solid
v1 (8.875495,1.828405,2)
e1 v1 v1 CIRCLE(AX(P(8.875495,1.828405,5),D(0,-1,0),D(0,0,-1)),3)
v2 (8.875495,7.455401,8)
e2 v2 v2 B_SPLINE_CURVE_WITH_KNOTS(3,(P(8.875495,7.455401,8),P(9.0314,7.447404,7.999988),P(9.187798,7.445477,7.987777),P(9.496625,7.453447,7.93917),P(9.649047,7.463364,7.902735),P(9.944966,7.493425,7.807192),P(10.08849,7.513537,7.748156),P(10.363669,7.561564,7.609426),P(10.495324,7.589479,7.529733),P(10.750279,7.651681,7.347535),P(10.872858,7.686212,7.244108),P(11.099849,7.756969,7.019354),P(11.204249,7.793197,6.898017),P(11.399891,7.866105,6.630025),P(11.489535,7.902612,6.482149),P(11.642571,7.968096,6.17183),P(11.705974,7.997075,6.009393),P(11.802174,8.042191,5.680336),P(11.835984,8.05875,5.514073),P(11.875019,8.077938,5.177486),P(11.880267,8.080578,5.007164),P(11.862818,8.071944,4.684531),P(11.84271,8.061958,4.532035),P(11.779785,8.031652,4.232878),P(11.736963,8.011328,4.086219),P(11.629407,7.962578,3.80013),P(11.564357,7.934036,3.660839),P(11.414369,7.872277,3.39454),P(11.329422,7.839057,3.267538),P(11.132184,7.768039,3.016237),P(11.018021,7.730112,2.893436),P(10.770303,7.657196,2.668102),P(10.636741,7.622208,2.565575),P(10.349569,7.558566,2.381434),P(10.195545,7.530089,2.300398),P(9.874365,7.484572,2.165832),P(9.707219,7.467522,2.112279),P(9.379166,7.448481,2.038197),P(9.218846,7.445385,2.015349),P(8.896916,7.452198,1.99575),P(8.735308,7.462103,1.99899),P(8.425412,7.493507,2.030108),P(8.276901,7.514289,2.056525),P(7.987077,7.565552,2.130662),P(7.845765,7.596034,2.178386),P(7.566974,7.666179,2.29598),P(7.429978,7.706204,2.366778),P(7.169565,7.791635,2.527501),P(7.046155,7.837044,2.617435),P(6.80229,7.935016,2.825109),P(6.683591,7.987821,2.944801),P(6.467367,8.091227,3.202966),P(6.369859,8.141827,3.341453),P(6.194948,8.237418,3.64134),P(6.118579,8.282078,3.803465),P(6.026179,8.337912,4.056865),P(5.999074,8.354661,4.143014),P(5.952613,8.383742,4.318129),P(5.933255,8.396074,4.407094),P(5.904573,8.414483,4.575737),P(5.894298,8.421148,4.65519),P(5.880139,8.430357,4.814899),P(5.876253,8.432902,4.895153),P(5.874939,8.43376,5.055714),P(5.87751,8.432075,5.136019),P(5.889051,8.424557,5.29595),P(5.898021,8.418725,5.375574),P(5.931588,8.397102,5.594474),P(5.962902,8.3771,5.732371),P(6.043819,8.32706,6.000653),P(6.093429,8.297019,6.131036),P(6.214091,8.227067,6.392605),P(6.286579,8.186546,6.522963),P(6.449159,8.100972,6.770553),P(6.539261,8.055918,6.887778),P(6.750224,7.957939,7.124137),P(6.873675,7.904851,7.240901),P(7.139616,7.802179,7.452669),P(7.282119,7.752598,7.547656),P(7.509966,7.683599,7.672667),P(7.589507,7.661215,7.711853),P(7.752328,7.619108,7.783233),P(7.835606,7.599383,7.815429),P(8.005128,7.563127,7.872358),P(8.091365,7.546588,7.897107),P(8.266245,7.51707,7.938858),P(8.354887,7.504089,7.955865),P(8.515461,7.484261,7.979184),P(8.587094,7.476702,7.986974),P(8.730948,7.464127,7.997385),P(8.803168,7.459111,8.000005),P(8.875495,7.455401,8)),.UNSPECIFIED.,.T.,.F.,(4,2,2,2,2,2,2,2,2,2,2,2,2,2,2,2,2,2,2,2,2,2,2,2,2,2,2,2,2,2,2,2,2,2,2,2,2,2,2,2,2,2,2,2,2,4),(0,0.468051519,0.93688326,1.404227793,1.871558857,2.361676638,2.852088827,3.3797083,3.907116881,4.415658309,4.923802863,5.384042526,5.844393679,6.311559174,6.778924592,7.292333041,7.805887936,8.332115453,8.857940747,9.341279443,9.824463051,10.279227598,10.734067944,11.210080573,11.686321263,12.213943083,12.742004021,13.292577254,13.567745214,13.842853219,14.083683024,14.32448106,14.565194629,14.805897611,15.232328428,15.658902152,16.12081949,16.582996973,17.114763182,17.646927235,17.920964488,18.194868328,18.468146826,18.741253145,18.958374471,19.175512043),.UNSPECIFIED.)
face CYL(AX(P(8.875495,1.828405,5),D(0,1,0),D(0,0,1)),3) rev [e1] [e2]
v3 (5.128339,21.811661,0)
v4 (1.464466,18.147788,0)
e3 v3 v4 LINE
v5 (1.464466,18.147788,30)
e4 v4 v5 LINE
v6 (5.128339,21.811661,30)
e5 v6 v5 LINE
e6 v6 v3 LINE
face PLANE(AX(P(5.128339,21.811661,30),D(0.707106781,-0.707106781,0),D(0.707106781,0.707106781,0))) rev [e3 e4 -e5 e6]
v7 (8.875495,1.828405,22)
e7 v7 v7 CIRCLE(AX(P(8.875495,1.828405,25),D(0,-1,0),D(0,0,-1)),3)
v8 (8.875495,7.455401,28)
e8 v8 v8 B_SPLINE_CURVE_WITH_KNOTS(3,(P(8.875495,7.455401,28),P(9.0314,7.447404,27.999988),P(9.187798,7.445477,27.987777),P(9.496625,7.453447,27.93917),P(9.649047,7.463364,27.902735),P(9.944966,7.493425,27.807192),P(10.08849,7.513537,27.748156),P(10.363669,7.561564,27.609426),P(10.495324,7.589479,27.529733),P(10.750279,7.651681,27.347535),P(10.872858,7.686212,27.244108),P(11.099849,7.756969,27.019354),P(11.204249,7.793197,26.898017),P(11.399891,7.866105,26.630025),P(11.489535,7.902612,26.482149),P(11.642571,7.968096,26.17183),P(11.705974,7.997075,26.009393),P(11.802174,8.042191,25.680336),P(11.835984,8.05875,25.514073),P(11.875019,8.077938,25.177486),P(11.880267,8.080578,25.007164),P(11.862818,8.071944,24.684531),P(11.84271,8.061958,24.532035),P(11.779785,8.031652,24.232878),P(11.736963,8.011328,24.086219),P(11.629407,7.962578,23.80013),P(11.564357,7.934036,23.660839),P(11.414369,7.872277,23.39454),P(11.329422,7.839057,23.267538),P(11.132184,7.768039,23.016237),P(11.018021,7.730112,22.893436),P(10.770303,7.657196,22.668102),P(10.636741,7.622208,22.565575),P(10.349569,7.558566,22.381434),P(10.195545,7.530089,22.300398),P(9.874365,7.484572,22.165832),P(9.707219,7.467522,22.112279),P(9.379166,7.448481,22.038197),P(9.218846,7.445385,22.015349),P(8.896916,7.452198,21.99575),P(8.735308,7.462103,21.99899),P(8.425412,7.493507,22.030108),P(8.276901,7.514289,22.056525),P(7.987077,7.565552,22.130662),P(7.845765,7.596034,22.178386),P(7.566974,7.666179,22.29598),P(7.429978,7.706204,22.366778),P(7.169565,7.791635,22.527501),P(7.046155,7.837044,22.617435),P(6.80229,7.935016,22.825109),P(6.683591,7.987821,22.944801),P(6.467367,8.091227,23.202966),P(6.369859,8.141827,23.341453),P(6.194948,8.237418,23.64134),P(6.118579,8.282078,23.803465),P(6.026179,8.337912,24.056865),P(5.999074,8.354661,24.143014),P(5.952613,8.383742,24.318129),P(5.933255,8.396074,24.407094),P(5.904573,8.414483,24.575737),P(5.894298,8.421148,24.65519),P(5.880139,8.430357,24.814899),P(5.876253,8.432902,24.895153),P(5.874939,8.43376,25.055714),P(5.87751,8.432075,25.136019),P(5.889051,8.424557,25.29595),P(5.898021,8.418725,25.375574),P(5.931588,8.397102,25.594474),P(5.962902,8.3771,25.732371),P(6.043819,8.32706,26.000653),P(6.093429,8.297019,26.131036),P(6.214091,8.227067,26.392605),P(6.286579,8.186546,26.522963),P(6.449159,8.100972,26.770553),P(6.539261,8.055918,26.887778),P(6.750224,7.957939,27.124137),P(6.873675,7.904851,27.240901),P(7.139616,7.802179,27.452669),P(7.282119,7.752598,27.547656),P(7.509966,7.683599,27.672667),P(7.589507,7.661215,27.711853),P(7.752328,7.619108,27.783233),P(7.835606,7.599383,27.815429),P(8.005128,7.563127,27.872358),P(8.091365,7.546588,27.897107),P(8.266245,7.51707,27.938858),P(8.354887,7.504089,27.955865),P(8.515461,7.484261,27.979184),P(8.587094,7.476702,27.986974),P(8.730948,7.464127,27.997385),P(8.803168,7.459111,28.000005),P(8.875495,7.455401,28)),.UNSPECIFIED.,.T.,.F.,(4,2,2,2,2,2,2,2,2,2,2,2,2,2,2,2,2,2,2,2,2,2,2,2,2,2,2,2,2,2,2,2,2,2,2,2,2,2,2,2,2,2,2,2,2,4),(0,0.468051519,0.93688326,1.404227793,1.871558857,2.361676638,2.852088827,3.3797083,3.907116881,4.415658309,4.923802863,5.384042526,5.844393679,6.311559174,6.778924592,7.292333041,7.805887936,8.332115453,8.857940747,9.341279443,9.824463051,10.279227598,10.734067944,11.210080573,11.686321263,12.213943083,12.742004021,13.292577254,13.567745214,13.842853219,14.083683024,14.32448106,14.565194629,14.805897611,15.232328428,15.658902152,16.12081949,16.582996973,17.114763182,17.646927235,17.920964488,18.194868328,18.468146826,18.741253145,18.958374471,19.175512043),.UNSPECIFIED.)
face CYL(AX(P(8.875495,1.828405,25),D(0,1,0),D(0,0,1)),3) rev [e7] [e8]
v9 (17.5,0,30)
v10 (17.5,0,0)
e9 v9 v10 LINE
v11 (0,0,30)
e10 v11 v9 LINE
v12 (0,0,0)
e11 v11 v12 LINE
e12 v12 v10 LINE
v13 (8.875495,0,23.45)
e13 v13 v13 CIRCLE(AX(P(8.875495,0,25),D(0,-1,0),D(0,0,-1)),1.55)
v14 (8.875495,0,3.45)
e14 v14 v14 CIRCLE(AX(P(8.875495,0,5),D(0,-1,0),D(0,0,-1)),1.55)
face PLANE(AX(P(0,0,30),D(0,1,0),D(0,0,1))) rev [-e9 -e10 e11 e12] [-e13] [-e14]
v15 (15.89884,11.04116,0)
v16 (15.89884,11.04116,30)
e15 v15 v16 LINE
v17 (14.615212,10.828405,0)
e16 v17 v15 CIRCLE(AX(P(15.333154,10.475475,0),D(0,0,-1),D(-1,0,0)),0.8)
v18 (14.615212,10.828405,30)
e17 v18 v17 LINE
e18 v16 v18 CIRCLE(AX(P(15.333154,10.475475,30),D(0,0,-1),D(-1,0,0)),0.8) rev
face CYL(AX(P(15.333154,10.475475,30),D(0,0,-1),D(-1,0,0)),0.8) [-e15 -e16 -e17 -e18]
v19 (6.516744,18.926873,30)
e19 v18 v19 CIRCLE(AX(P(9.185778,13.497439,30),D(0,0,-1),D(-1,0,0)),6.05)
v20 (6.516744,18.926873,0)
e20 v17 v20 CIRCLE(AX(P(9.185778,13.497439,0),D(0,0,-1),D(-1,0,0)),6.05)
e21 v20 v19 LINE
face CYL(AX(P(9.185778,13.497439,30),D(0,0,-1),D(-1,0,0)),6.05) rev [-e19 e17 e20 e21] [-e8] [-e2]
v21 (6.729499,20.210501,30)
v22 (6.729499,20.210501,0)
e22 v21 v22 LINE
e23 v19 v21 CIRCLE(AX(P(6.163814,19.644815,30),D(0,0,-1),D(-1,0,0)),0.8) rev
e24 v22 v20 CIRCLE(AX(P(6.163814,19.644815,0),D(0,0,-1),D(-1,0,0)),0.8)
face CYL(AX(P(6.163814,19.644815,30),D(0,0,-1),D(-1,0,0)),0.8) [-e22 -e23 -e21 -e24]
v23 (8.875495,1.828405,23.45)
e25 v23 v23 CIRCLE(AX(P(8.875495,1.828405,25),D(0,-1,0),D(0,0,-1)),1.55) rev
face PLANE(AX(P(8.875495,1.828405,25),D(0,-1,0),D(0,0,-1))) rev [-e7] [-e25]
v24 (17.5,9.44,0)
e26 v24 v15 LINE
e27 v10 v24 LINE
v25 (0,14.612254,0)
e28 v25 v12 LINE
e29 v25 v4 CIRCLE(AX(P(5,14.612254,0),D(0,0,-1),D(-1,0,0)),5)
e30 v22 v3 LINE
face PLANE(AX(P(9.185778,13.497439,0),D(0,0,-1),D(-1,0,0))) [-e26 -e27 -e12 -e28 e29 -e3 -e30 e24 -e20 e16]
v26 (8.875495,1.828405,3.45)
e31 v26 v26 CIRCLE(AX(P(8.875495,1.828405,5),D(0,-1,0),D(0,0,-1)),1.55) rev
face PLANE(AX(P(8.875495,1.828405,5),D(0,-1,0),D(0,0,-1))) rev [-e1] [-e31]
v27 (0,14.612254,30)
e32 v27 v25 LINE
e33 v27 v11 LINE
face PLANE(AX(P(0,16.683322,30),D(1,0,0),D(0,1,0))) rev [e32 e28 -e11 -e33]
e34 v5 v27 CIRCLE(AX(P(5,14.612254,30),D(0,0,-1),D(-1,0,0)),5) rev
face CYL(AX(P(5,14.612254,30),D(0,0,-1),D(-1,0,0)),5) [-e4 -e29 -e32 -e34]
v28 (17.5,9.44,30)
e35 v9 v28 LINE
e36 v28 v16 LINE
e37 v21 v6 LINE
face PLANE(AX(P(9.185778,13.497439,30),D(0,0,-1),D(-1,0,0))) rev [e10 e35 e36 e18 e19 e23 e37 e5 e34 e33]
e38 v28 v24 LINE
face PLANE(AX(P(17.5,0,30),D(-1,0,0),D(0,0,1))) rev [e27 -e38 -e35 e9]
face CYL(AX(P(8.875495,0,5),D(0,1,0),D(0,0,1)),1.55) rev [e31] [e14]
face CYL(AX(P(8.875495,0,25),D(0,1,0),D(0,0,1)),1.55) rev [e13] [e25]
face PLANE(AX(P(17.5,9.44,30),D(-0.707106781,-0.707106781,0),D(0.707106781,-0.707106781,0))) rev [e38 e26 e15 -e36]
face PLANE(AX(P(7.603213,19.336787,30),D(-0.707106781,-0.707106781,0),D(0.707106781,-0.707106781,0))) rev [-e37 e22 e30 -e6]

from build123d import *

# Parameters (mm, degrees)
BOSS_EXTRUDE1_DEPTH = 30
FILLET1_R           = 0.8
SKETCH3_R           = 3
CUT_EXTRUDE1_DEPTH  = 9
SKETCH4_R           = 1.55
CUT_EXTRUDE2_DEPTH  = 37.426390381
FILLET2_R           = 5


with BuildPart() as part:
    # Sketch1 → Boss-Extrude1 (new body)
    with BuildSketch(Plane.XY):
        with BuildLine():
            Line((0, 0), (17.5, 0))
            Line((17.5, 0), (17.5, 9.44))
            Line((17.5, 9.44), (15.025126266, 11.914873734))
            ThreePointArc((15.025126266, 11.914873734), (4.907782078, 9.219443047), (7.603212766, 19.336787234))
            Line((7.603212766, 19.336787234), (5.128339032, 21.811660968))
            Line((5.128339032, 21.811660968), (0, 16.683321936))
            Line((0, 16.683321936), (0, 0))
        make_face()
    extrude(amount=BOSS_EXTRUDE1_DEPTH)

    # Fillet1
    fillet1_edges = [part.edges().sort_by_distance(p)[0] for p in [
        (7.603212766, 19.336787234, 15),
        (15.025126266, 11.914873734, 15),
    ]]
    fillet(fillet1_edges, radius=FILLET1_R)

    # Sketch3 → Cut-Extrude1 (cut)
    with BuildSketch(Plane(origin=(0, 10.828405067, 0), x_dir=(-1, 0, 0), z_dir=(0, -1, 0))):
        with Locations(Location((-8.875495285, -5, 0), (0, 0, 270))):
            Circle(SKETCH3_R)
        with Locations(Location((-8.875495285, -25, 0), (0, 0, 270))):
            Circle(SKETCH3_R)
    extrude(amount=CUT_EXTRUDE1_DEPTH, mode=Mode.SUBTRACT)

    # Sketch4 → Cut-Extrude2 (cut, through all)
    with BuildSketch(Plane(origin=(0, 10.828405067, 0), x_dir=(-1, 0, 0), z_dir=(0, -1, 0))):
        with Locations(Location((-8.875495285, -5, 0), (0, 0, 90))):
            Circle(SKETCH4_R)
        with Locations(Location((-8.875495285, -25, 0), (0, 0, 90))):
            Circle(SKETCH4_R)
    extrude(amount=CUT_EXTRUDE2_DEPTH, mode=Mode.SUBTRACT)

    # Fillet2
    fillet2_edges = [part.edges().sort_by_distance(p)[0] for p in [
        (0, 16.683321936, 15),
    ]]
    fillet(fillet2_edges, radius=FILLET2_R)


solid = part.part
